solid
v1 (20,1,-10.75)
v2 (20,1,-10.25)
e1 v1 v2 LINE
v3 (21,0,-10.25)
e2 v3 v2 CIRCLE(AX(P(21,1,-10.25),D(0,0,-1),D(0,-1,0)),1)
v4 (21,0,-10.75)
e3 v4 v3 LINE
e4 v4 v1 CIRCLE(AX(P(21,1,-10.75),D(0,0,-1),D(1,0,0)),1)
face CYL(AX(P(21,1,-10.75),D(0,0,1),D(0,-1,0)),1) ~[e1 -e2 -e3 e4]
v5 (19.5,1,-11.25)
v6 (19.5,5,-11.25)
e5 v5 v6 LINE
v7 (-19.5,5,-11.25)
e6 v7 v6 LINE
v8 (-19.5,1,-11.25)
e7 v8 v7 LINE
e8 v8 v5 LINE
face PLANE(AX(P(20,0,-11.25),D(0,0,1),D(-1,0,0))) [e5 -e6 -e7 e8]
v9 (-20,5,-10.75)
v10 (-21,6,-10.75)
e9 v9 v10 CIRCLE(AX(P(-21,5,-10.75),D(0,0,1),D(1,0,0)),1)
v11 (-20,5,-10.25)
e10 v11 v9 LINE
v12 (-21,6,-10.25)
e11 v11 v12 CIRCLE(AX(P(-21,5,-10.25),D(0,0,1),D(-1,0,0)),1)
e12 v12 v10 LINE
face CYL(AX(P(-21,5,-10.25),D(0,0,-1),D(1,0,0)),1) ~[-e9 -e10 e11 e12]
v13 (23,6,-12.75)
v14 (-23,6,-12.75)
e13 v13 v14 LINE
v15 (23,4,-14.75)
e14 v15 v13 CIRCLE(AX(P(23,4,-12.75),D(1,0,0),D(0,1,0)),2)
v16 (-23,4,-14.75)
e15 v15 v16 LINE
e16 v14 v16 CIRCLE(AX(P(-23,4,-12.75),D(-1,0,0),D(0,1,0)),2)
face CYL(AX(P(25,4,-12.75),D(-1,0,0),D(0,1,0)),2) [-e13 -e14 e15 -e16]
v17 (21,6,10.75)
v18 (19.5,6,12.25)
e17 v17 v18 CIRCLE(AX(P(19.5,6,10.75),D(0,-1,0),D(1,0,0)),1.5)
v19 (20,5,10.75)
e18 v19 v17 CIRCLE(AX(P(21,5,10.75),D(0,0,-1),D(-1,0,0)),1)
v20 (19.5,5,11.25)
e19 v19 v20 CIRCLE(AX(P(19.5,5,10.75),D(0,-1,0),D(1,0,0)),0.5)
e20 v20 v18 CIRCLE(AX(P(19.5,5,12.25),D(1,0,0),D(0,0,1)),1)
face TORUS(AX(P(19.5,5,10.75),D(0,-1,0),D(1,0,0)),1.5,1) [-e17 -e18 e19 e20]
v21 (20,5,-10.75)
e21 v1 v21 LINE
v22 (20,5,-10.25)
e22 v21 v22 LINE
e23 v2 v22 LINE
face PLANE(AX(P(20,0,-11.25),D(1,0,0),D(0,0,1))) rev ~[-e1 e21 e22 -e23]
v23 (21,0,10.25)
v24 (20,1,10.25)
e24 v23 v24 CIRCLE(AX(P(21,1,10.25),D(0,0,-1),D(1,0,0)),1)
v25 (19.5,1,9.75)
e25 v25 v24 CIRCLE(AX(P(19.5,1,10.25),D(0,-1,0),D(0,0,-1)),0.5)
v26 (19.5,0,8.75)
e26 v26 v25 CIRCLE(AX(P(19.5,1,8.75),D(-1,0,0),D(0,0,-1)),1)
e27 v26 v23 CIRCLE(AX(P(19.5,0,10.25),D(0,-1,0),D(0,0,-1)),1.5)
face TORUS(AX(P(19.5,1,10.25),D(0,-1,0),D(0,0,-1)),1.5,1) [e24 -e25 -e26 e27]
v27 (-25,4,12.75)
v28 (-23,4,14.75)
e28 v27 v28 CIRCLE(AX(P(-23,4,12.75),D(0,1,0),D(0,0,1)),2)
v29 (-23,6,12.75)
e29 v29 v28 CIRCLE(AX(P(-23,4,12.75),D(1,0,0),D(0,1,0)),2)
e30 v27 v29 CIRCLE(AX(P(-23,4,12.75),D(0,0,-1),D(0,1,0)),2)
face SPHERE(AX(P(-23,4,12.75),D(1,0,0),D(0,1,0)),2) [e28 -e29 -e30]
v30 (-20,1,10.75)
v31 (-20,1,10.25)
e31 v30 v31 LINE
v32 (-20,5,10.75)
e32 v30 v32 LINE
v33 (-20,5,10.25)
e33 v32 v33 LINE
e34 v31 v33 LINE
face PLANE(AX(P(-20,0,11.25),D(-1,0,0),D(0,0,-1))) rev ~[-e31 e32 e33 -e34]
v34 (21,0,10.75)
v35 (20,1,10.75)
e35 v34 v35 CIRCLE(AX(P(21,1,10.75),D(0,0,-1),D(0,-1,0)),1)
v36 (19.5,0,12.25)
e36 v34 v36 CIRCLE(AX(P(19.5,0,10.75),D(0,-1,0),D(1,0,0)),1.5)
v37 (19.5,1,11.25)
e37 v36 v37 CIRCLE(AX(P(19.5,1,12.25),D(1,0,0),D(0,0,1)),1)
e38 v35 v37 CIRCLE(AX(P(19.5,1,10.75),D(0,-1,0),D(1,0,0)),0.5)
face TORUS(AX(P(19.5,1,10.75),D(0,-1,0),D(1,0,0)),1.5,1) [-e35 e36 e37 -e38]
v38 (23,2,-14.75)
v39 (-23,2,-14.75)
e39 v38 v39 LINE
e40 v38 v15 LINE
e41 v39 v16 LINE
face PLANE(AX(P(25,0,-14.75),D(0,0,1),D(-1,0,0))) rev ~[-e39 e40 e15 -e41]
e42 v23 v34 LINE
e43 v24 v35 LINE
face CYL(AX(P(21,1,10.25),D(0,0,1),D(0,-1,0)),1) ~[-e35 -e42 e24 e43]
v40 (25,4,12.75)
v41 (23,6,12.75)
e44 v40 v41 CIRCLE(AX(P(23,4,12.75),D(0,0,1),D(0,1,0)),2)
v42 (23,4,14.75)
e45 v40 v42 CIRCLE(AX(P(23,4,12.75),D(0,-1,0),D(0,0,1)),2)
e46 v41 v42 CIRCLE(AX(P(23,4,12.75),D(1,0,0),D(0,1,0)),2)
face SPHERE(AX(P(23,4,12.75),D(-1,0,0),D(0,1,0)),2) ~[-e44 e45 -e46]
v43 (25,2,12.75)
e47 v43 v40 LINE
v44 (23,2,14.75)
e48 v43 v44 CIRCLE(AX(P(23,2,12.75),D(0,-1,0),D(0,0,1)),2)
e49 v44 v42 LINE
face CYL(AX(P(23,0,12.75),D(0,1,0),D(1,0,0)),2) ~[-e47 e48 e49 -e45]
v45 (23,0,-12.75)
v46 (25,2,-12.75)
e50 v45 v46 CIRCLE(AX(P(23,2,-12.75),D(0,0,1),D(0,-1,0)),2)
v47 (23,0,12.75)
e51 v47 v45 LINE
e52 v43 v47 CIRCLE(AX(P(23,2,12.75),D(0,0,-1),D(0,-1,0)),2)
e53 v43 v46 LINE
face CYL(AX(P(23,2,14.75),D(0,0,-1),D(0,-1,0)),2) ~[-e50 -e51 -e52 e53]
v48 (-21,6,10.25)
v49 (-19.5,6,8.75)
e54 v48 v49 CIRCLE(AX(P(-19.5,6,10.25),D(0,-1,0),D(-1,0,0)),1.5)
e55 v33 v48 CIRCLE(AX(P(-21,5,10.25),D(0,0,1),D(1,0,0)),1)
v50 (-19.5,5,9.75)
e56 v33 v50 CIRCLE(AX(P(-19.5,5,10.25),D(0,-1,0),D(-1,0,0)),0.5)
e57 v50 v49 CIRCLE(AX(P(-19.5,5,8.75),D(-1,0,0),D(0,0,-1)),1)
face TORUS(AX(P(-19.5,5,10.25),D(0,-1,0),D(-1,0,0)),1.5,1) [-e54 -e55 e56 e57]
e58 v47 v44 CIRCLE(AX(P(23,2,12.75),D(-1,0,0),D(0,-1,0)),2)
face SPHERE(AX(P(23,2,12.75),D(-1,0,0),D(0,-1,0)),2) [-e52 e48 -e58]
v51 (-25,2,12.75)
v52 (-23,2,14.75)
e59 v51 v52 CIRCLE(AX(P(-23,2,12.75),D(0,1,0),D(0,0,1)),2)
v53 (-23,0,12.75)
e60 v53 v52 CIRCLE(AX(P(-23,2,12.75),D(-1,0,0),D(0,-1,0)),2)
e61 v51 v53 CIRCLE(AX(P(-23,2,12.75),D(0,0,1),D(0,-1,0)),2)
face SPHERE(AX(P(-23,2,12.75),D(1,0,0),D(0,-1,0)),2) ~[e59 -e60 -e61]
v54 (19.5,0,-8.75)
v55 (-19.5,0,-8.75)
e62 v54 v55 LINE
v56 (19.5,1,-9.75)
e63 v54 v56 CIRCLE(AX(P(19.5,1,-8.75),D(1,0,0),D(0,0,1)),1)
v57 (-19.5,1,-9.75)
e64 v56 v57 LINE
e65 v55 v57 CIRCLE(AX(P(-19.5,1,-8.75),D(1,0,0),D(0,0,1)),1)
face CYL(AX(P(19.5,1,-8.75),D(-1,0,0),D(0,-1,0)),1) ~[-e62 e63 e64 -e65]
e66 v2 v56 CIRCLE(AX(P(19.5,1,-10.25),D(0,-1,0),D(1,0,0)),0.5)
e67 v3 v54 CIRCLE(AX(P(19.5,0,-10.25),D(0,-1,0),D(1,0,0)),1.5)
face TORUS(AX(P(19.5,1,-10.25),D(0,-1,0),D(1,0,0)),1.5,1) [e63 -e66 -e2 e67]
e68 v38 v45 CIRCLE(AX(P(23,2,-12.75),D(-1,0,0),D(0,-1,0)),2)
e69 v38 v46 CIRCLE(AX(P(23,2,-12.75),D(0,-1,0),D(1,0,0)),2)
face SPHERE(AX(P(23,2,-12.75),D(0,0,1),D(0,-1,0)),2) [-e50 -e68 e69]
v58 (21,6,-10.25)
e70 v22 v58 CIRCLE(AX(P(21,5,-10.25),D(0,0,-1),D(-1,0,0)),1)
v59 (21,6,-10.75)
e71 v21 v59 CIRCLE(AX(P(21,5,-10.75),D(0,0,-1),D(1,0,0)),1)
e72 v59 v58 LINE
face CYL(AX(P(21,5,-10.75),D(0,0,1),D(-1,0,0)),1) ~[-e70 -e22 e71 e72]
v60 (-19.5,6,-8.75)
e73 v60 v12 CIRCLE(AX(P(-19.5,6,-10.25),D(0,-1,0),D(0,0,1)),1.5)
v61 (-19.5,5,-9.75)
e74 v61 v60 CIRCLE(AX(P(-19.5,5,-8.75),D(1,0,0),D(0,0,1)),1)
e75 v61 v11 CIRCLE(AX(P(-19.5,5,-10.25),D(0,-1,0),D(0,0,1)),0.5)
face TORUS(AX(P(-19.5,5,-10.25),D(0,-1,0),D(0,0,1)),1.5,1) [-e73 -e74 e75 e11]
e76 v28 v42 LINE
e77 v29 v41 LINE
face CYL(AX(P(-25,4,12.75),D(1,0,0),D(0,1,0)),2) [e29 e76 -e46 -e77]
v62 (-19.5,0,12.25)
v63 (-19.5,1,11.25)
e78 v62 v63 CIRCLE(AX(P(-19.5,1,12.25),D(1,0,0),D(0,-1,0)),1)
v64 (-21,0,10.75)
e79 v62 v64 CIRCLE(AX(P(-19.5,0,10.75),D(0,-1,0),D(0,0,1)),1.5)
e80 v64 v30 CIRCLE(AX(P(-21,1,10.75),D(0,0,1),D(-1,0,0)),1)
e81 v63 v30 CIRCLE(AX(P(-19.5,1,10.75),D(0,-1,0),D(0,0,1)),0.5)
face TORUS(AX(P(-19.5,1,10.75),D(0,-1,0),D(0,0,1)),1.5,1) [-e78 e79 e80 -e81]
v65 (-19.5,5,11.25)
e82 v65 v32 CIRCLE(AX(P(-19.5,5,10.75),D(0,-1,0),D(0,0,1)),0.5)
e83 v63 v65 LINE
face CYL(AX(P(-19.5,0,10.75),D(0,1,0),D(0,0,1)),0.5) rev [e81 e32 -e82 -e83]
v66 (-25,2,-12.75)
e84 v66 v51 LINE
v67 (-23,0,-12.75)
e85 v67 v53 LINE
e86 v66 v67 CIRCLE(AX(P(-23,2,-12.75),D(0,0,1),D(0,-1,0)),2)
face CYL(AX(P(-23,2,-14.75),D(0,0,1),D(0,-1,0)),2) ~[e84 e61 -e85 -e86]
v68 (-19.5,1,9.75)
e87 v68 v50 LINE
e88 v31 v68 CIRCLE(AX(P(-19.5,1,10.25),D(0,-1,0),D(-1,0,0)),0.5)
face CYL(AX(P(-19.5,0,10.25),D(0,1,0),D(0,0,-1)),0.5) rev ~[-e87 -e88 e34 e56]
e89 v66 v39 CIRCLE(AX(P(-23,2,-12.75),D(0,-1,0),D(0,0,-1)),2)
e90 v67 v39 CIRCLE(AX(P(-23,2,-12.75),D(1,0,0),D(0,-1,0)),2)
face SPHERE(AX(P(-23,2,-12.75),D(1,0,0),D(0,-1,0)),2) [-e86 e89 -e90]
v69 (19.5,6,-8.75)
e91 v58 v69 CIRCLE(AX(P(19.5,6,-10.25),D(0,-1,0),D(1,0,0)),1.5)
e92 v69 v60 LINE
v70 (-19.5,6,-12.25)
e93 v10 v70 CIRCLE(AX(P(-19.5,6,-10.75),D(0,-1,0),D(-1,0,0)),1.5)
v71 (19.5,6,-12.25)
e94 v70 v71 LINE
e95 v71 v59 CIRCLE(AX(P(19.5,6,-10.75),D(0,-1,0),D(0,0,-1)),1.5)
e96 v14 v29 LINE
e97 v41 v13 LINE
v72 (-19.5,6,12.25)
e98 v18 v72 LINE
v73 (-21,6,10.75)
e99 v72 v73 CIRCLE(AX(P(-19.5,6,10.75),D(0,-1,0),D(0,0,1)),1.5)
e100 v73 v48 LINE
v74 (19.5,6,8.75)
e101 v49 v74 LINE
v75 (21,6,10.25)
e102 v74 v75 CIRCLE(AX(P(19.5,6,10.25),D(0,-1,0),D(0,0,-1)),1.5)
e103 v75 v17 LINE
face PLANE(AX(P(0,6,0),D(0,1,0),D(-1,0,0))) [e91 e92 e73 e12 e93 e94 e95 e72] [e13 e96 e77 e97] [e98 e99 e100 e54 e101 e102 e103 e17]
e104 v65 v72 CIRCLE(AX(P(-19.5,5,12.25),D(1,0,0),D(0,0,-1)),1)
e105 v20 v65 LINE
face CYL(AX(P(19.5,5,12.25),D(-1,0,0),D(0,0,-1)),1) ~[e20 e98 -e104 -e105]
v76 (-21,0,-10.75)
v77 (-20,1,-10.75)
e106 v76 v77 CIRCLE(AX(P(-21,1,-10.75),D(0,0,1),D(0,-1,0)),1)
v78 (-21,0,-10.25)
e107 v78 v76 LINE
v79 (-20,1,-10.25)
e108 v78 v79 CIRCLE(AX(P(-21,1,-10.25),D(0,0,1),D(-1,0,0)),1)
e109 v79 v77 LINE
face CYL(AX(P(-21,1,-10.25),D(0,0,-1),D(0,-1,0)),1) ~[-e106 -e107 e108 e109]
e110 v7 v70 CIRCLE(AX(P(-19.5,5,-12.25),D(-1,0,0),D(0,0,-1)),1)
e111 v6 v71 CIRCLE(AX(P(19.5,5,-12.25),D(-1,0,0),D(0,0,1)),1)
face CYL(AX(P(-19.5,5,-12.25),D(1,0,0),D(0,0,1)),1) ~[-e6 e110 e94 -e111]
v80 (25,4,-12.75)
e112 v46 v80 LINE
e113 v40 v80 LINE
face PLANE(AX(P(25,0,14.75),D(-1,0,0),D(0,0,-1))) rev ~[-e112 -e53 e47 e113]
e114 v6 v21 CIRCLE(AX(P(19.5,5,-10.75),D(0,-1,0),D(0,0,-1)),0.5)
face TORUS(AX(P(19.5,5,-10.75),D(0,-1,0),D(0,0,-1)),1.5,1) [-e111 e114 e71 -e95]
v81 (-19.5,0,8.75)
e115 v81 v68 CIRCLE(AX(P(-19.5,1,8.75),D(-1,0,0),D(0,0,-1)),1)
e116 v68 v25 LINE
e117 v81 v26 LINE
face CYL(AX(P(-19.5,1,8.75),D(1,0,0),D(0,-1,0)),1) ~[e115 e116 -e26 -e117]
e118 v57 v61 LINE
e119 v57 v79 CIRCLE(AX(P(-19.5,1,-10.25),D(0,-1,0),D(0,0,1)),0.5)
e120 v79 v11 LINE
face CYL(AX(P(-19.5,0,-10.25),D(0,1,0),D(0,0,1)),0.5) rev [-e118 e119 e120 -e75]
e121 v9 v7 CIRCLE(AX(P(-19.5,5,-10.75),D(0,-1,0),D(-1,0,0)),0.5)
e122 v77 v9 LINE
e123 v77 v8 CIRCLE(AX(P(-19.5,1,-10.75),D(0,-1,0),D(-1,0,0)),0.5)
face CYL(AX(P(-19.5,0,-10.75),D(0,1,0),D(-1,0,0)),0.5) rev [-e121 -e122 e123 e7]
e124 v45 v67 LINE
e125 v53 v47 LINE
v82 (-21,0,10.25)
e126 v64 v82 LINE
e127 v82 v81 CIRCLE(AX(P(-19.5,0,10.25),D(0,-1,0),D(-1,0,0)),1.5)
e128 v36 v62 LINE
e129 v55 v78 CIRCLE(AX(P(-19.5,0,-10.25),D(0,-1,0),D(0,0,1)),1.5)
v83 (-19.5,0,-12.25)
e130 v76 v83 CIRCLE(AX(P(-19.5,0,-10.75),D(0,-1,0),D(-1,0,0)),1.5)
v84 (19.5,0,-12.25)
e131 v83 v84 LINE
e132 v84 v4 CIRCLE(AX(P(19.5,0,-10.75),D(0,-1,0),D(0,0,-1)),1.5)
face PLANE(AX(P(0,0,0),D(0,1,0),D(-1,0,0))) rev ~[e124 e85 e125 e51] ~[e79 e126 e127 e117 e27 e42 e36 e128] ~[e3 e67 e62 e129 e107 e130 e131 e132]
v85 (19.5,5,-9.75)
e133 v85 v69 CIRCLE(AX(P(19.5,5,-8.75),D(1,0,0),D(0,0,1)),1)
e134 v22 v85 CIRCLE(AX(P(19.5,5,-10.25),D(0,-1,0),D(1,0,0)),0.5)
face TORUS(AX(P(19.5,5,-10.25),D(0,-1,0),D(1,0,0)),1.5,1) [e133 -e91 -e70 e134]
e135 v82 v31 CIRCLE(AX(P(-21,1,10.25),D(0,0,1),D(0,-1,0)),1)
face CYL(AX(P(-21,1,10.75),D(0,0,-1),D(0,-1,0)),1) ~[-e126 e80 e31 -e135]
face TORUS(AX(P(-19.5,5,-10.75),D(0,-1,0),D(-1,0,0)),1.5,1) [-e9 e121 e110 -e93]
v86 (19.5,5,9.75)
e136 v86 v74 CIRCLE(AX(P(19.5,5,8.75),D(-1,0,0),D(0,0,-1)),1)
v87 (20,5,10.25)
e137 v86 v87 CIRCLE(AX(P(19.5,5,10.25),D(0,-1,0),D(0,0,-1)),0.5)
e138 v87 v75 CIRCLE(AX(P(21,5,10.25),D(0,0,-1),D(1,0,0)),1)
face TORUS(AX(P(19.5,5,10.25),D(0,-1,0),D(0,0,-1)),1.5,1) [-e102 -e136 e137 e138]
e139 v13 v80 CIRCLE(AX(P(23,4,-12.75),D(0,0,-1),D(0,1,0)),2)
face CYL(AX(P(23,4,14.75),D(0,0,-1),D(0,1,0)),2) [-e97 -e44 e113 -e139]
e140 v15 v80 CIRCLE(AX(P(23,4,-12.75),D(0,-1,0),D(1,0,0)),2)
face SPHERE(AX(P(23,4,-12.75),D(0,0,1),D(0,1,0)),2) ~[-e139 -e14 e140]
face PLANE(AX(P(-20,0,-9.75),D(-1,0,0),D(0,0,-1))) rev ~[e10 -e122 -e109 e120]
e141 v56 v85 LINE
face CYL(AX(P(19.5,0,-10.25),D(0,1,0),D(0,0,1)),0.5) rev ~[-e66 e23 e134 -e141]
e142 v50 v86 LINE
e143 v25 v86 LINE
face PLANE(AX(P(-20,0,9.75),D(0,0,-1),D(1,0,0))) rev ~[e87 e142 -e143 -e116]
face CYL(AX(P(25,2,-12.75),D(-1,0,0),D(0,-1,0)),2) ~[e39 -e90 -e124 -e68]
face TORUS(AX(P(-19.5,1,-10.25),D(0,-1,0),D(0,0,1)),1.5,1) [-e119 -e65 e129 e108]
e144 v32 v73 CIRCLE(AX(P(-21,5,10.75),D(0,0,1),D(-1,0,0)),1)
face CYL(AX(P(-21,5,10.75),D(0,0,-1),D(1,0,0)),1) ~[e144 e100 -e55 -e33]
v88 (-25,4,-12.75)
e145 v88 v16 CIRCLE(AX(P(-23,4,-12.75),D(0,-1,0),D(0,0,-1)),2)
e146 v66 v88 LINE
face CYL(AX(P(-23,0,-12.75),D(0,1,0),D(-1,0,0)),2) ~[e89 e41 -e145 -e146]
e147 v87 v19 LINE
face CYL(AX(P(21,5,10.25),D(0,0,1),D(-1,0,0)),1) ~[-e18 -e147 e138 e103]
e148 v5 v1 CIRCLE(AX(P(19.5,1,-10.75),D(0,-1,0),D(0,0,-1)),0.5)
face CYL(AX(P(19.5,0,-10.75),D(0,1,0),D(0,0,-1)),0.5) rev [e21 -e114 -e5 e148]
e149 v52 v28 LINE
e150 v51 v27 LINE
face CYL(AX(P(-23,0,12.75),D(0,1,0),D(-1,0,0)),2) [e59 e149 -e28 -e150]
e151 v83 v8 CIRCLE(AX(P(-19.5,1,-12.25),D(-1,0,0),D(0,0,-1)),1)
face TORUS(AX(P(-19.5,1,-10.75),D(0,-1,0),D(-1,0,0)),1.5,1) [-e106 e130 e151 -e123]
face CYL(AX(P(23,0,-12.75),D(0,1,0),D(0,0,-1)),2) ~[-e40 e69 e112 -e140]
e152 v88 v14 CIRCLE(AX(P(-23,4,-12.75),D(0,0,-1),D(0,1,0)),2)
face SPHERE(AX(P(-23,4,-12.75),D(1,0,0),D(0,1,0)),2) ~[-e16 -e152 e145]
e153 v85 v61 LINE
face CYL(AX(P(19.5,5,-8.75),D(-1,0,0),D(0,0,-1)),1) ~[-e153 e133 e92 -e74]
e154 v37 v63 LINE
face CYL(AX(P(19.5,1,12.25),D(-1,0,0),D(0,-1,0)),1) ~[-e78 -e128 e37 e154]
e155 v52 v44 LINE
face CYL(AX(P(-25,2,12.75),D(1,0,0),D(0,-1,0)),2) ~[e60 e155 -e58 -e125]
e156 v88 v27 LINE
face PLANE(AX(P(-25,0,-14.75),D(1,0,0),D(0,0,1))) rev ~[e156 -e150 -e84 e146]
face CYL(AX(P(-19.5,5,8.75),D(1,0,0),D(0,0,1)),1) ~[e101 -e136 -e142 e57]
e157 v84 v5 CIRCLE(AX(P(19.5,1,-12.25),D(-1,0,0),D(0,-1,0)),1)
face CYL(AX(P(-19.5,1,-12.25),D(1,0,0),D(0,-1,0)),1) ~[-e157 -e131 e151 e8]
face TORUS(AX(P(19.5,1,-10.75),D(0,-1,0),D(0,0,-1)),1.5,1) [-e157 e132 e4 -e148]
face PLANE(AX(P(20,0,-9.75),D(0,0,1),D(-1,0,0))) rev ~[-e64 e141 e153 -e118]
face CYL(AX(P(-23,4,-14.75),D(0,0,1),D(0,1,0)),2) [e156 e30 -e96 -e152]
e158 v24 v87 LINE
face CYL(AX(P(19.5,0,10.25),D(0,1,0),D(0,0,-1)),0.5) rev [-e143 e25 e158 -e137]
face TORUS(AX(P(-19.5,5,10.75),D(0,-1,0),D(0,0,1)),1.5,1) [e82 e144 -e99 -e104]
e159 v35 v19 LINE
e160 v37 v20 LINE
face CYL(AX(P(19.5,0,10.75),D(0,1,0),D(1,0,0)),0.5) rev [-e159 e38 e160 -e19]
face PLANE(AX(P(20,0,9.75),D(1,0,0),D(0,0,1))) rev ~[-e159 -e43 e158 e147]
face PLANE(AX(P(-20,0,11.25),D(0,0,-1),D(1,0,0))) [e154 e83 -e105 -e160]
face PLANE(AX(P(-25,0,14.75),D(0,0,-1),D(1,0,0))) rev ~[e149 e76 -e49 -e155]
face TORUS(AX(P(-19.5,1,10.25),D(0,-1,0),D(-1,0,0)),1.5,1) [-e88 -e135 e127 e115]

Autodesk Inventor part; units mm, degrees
ref_plane "YZ Plane" through (0, 0, 0) normal (1, 0, 0) x (0, 1, 0)
ref_plane "XZ Plane" through (0, 0, 0) normal (0, 1, 0) x (-1, 0, 0)
ref_plane "XY Plane" through (0, 0, 0) normal (0, 0, 1) x (1, 0, 0)
sketch "Sketch1" plane through (0, 0, 0) normal (0, 1, 0) x (-1, 0, 0)
  line L0 (20, 9.75) -> (-20, 9.75)
  line L1 (-20, 9.75) -> (-20, -9.75)
  line L2 (-20, -9.75) -> (20, -9.75)
  line L3 (20, -9.75) -> (20, 9.75)
  line L4 (20, 9.75) -> (-20, -9.75) construction
  line L5 (-20, 9.75) -> (20, -9.75) construction
  line L6 (21.5, 11.25) -> (-21.5, 11.25)
  line L7 (-21.5, 11.25) -> (-21.5, -11.25)
  line L8 (-21.5, -11.25) -> (21.5, -11.25)
  line L9 (21.5, -11.25) -> (21.5, 11.25)
  line L10 (-20, 11.25) -> (20, 11.25)
  line L11 (20, 11.25) -> (20, -11.25)
  line L12 (20, -11.25) -> (-20, -11.25)
  line L13 (-20, -11.25) -> (-20, 11.25)
  line L14 (-20, 11.25) -> (20, -11.25) construction
  line L15 (20, 11.25) -> (-20, -11.25) construction
  line L16 (25, 14.75) -> (-25, 14.75)
  line L17 (-25, 14.75) -> (-25, -14.75)
  line L18 (-25, -14.75) -> (25, -14.75)
  line L19 (25, -14.75) -> (25, 14.75)
  point P0 (0, 0)
  point P1 (-19.6517, -9.75)
  dimension "d0" = 40
  dimension "d1" = 19.5
  dimension "d2" = 1.5
  dimension "d3" = 3.5
extrude "Extrusion1" add sketch "Sketch1" along normal blind 6 contours L3 L2 L1 L0 | L11 L6 L9 L8 L3 | L1 L13 L8 L7 L6 | L19 L18 L17 L16
fillet "Fillet1" radius 2 12 edges at (0, 6, 14.75) (0, 0, 14.75) (25, 0, 0) (25, 6, 0) (0, 6, -14.75) (0, 0, -14.75) (-25, 0, 0) (-25, 6, 0) (-25, 3, 14.75) (-25, 3, -14.75) (25, 3, -14.75) (25, 3, 14.75)
fillet "Fillet2" radius 0.5 8 edges at (-20, 3, 9.75) (-20, 3, 11.25) (-20, 3, -9.75) (-20, 3, -11.25) (20, 3, -11.25) (20, 3, 9.75) (20, 3, 11.25) (20, 3, -9.75)
fillet "Fillet3" radius 1 32 edges at (-19.8536, 6, -9.8964) (-20, 6, -10.5) (-19.8536, 6, -11.1036) (0, 6, -11.25) (19.8536, 6, -11.1036) (20, 6, -10.5) (19.8536, 6, -9.8964) (0, 6, -9.75) (19.8536, 6, 9.8964) (20, 6, 10.5) (19.8536, 6, 11.1036) (0, 6, 11.25) (-19.8536, 6, 11.1036) (-20, 6, 10.5) (-19.8536, 6, 9.8964) (0, 6, 9.75) (19.8536, 0, 9.8964) (20, 0, 10.5) (19.8536, 0, 11.1036) (0, 0, 11.25) (-19.8536, 0, 11.1036) (-20, 0, 10.5) (-19.8536, 0, 9.8964) (0, 0, 9.75) (-19.8536, 0, -9.8964) (-20, 0, -10.5) (-19.8536, 0, -11.1036) (0, 0, -11.25) (19.8536, 0, -11.1036) (20, 0, -10.5) (19.8536, 0, -9.8964) (0, 0, -9.75)
properties part number "Trimming Template_3DPrint"
